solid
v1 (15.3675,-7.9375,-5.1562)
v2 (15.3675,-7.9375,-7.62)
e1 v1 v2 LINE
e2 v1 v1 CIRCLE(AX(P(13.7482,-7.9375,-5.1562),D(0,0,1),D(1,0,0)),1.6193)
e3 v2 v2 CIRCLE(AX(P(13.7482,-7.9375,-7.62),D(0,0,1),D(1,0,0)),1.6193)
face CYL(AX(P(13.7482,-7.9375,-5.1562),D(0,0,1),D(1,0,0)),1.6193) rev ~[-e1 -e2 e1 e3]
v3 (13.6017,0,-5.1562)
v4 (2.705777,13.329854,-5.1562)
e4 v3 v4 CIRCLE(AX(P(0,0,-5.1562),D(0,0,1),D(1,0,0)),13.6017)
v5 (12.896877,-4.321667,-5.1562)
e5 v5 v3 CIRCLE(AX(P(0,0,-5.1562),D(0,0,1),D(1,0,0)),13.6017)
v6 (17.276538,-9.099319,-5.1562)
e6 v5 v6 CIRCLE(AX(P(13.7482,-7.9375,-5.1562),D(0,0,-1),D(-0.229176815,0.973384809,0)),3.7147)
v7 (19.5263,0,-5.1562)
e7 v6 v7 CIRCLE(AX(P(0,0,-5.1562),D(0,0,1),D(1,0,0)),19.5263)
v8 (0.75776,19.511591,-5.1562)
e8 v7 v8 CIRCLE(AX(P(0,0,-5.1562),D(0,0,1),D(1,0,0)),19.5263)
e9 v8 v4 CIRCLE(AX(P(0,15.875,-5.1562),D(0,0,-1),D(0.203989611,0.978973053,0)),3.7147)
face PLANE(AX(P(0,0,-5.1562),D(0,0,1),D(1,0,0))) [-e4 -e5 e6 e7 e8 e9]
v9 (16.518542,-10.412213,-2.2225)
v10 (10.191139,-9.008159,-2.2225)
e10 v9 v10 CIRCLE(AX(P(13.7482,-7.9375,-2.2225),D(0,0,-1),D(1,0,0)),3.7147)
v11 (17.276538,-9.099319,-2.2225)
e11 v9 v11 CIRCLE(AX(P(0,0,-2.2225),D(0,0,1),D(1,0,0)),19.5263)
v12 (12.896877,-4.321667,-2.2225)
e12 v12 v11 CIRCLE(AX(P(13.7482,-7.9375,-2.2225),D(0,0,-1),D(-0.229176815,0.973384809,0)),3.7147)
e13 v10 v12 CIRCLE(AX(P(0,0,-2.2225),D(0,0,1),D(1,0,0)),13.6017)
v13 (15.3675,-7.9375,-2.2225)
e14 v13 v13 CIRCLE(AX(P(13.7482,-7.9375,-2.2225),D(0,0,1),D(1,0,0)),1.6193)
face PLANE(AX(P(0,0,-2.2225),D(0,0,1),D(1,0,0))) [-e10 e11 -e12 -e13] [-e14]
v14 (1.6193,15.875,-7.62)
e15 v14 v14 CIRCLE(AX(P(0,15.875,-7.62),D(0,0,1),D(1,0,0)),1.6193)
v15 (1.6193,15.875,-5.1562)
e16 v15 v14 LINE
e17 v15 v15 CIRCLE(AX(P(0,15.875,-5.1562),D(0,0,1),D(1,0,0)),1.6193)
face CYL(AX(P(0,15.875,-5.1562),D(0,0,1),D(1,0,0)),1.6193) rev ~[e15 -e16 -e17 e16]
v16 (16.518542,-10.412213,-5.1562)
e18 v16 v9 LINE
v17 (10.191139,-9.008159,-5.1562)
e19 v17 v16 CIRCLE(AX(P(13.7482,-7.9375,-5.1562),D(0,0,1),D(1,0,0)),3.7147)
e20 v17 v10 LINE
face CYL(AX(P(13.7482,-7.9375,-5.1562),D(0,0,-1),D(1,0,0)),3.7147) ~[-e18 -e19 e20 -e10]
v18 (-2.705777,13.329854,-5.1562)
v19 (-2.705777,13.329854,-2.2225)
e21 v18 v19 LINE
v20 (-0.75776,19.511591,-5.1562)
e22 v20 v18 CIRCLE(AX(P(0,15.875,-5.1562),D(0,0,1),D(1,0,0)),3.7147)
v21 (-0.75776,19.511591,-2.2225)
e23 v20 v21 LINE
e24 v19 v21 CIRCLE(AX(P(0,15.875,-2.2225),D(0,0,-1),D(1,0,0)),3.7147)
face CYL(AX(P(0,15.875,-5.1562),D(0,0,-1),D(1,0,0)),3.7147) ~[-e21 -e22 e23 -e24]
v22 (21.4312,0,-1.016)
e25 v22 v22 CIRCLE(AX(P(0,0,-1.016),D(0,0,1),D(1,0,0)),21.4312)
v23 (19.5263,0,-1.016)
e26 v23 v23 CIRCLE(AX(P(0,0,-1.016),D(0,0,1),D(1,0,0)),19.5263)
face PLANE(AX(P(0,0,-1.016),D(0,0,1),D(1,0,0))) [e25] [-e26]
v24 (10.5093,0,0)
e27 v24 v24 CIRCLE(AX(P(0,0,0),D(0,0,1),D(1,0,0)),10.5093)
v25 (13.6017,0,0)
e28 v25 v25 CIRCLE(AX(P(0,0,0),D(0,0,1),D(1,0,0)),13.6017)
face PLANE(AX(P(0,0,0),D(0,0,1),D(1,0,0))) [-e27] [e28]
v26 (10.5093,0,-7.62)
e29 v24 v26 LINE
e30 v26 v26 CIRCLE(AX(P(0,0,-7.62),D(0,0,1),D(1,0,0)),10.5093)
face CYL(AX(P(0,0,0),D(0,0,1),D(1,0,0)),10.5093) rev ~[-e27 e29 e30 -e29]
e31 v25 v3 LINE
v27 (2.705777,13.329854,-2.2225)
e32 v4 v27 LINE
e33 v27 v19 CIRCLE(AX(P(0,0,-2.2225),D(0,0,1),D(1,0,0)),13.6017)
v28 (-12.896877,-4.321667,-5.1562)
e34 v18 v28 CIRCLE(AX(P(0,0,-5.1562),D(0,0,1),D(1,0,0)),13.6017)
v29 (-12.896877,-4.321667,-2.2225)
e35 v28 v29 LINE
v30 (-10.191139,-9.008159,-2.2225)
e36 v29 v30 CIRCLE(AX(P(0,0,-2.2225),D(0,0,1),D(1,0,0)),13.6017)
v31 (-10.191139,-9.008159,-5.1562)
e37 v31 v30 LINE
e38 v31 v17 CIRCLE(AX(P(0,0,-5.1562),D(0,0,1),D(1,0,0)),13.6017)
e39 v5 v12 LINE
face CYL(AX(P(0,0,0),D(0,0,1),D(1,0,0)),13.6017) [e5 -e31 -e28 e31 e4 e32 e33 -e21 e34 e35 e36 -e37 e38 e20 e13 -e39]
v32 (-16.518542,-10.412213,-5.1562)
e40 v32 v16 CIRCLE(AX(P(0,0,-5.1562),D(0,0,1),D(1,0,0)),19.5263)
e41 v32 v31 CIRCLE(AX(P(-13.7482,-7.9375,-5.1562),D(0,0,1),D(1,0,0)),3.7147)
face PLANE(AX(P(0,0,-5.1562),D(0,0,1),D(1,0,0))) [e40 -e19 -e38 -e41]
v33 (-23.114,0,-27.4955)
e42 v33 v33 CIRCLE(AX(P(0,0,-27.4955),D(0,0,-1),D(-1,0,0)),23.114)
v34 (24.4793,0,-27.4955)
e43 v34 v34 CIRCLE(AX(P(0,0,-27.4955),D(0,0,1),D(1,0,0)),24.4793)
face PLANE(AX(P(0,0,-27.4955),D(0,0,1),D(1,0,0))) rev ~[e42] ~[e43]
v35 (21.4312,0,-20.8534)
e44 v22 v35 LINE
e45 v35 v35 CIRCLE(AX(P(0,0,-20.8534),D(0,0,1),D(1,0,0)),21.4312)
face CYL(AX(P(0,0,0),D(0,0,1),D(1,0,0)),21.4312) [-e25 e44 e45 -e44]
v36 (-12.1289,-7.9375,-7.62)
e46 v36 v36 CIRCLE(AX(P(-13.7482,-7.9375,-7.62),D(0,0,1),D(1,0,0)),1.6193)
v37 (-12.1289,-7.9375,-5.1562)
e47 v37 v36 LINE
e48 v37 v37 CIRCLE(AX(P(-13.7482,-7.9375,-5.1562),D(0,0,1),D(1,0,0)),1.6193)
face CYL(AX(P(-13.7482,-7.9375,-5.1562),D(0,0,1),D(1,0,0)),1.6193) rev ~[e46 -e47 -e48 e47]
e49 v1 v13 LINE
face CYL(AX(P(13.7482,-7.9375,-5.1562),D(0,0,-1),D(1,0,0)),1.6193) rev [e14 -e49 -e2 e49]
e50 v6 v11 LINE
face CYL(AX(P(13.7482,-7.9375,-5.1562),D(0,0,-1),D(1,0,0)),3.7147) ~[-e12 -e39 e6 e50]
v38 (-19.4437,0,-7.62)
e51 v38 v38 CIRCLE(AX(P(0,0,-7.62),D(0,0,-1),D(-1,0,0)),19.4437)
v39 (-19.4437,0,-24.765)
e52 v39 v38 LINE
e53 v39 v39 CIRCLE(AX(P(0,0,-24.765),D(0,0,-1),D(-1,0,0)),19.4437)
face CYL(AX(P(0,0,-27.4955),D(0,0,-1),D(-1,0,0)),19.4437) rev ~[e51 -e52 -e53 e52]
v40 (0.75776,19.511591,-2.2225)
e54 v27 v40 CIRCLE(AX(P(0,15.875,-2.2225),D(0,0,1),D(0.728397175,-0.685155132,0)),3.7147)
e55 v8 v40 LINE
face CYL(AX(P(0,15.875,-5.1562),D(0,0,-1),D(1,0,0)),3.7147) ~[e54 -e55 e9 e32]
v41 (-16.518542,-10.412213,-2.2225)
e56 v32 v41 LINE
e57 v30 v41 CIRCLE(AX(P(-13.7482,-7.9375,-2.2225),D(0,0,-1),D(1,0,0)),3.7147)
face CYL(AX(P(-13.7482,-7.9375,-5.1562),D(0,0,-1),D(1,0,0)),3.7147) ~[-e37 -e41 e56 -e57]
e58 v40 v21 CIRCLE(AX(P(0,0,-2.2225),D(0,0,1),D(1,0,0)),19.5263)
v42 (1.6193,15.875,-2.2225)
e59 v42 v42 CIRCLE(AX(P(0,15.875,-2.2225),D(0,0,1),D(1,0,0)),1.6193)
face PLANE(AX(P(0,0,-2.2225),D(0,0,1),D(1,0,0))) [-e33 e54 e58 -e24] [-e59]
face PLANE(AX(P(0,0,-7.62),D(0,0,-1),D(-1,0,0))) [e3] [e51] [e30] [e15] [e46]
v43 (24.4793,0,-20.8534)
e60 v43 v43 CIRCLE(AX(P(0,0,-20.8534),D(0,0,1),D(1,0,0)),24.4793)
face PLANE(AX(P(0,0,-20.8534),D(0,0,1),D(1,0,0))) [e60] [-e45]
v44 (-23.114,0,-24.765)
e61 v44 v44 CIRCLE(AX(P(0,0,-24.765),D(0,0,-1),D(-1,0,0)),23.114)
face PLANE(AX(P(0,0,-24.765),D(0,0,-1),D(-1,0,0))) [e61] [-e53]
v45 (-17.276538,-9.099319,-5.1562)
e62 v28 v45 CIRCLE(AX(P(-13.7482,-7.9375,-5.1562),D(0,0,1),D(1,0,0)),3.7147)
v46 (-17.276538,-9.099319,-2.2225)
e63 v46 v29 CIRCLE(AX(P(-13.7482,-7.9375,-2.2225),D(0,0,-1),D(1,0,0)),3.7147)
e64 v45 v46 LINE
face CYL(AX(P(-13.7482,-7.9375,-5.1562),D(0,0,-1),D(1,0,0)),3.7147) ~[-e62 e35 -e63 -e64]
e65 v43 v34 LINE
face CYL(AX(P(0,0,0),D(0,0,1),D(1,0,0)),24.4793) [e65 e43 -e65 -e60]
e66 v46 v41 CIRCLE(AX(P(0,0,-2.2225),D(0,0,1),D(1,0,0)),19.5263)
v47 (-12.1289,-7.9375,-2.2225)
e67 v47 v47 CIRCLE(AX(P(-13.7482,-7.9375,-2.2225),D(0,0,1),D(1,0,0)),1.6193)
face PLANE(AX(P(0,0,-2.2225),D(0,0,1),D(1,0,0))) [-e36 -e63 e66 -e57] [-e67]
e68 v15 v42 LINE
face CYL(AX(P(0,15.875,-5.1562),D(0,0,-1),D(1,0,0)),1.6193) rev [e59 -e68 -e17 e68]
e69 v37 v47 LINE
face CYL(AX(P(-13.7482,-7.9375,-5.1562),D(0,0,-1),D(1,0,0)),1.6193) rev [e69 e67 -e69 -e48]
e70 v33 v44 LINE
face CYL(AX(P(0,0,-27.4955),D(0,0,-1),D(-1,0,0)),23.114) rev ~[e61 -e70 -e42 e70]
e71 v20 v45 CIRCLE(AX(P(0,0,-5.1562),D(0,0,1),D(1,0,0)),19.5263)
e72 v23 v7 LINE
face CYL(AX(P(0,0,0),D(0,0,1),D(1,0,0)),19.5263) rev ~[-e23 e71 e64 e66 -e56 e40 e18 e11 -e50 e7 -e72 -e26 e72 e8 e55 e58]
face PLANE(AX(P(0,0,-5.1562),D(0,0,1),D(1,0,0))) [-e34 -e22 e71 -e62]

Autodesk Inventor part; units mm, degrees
ref_plane "YZ Plane" through (0, 0, 0) normal (1, 0, 0) x (0, 1, 0)
ref_plane "XZ Plane" through (0, 0, 0) normal (0, 1, 0) x (-1, 0, 0)
ref_plane "XY Plane" through (0, 0, 0) normal (0, 0, 1) x (1, 0, 0)
sketch "Sketch1" plane through (0, 0, 0) normal (0, 0, 1) x (1, 0, 0)
  circle A0 centre (0, 0) radius 24.4793
  circle A1 centre (0, 0) radius 21.4312
  circle A2 centre (0, 0) radius 19.5263
  circle A3 centre (0, 0) radius 13.6017
  circle A4 centre (0, 0) radius 10.5093
  dimension "d0" = 48.9585
  dimension "d1" = 42.8625
  dimension "d2" = 39.0525
  dimension "d3" = 27.2034
  dimension "d4" = 21.0185
extrude "Extrusion1" add sketch "Sketch1" against normal blind 27.4955 contours A0 | A1 | A2 | A3
extrude "Extrusion2" cut sketch "Sketch1" against normal blind 20.8534 contours A0
extrude "Extrusion3" cut sketch "Sketch1" against normal blind 5.1562 contours A2
extrude "Extrusion4" cut sketch "Sketch1" against normal blind 1.016 contours A1
sketch "Sketch2" plane through (0, 0, -5.1562) normal (0, 0, 1) x (1, 0, 0)
  circle A0 centre (0, 0) radius 13.6017 projected
  circle A1 centre (0, 15.875) radius 1.6193
  circle A2 centre (0, 15.875) radius 3.7147
  circle A3 centre (-13.7482, -7.9375) radius 1.6193
  circle A4 centre (-13.7482, -7.9375) radius 3.7147
  circle A5 centre (13.7482, -7.9375) radius 1.6193
  circle A6 centre (13.7482, -7.9375) radius 3.7147
  dimension "d13" = 3.2385
  dimension "d14" = 7.4295
  dimension "d15" = 15.875
  dimension "d18" = 360
extrude "Extrusion5" add sketch "Sketch2" along normal blind 2.9337 contours A2 A0 | A0 A2 | A6 A0 | A0 A6 | A4 A0 | A0 A4
sketch "Sketch3" plane through (0, 0, -27.4955) normal (0, 0, -1) x (-1, 0, 0)
  circle A0 centre (0, 0) radius 10.5093 projected
  circle A1 centre (0, 0) radius 24.4793 projected
  circle A2 centre (0, 0) radius 23.114
  circle A3 centre (0, 0) radius 19.4437
  circle A4 centre (0, 0) radius 24.4793
  dimension "d22" = 46.228
  dimension "d23" = 38.8874
extrude "Extrusion6" cut sketch "Sketch3" against normal blind 19.8755 contours A3
extrude "Extrusion7" cut sketch "Sketch3" against normal blind 2.7305 contours A2
extrude "Extrusion8" cut sketch "Sketch2" against normal through all contours A1 | A3 | A5
properties part number "Drill Dap 1.6925 D Dewalt XRP"
